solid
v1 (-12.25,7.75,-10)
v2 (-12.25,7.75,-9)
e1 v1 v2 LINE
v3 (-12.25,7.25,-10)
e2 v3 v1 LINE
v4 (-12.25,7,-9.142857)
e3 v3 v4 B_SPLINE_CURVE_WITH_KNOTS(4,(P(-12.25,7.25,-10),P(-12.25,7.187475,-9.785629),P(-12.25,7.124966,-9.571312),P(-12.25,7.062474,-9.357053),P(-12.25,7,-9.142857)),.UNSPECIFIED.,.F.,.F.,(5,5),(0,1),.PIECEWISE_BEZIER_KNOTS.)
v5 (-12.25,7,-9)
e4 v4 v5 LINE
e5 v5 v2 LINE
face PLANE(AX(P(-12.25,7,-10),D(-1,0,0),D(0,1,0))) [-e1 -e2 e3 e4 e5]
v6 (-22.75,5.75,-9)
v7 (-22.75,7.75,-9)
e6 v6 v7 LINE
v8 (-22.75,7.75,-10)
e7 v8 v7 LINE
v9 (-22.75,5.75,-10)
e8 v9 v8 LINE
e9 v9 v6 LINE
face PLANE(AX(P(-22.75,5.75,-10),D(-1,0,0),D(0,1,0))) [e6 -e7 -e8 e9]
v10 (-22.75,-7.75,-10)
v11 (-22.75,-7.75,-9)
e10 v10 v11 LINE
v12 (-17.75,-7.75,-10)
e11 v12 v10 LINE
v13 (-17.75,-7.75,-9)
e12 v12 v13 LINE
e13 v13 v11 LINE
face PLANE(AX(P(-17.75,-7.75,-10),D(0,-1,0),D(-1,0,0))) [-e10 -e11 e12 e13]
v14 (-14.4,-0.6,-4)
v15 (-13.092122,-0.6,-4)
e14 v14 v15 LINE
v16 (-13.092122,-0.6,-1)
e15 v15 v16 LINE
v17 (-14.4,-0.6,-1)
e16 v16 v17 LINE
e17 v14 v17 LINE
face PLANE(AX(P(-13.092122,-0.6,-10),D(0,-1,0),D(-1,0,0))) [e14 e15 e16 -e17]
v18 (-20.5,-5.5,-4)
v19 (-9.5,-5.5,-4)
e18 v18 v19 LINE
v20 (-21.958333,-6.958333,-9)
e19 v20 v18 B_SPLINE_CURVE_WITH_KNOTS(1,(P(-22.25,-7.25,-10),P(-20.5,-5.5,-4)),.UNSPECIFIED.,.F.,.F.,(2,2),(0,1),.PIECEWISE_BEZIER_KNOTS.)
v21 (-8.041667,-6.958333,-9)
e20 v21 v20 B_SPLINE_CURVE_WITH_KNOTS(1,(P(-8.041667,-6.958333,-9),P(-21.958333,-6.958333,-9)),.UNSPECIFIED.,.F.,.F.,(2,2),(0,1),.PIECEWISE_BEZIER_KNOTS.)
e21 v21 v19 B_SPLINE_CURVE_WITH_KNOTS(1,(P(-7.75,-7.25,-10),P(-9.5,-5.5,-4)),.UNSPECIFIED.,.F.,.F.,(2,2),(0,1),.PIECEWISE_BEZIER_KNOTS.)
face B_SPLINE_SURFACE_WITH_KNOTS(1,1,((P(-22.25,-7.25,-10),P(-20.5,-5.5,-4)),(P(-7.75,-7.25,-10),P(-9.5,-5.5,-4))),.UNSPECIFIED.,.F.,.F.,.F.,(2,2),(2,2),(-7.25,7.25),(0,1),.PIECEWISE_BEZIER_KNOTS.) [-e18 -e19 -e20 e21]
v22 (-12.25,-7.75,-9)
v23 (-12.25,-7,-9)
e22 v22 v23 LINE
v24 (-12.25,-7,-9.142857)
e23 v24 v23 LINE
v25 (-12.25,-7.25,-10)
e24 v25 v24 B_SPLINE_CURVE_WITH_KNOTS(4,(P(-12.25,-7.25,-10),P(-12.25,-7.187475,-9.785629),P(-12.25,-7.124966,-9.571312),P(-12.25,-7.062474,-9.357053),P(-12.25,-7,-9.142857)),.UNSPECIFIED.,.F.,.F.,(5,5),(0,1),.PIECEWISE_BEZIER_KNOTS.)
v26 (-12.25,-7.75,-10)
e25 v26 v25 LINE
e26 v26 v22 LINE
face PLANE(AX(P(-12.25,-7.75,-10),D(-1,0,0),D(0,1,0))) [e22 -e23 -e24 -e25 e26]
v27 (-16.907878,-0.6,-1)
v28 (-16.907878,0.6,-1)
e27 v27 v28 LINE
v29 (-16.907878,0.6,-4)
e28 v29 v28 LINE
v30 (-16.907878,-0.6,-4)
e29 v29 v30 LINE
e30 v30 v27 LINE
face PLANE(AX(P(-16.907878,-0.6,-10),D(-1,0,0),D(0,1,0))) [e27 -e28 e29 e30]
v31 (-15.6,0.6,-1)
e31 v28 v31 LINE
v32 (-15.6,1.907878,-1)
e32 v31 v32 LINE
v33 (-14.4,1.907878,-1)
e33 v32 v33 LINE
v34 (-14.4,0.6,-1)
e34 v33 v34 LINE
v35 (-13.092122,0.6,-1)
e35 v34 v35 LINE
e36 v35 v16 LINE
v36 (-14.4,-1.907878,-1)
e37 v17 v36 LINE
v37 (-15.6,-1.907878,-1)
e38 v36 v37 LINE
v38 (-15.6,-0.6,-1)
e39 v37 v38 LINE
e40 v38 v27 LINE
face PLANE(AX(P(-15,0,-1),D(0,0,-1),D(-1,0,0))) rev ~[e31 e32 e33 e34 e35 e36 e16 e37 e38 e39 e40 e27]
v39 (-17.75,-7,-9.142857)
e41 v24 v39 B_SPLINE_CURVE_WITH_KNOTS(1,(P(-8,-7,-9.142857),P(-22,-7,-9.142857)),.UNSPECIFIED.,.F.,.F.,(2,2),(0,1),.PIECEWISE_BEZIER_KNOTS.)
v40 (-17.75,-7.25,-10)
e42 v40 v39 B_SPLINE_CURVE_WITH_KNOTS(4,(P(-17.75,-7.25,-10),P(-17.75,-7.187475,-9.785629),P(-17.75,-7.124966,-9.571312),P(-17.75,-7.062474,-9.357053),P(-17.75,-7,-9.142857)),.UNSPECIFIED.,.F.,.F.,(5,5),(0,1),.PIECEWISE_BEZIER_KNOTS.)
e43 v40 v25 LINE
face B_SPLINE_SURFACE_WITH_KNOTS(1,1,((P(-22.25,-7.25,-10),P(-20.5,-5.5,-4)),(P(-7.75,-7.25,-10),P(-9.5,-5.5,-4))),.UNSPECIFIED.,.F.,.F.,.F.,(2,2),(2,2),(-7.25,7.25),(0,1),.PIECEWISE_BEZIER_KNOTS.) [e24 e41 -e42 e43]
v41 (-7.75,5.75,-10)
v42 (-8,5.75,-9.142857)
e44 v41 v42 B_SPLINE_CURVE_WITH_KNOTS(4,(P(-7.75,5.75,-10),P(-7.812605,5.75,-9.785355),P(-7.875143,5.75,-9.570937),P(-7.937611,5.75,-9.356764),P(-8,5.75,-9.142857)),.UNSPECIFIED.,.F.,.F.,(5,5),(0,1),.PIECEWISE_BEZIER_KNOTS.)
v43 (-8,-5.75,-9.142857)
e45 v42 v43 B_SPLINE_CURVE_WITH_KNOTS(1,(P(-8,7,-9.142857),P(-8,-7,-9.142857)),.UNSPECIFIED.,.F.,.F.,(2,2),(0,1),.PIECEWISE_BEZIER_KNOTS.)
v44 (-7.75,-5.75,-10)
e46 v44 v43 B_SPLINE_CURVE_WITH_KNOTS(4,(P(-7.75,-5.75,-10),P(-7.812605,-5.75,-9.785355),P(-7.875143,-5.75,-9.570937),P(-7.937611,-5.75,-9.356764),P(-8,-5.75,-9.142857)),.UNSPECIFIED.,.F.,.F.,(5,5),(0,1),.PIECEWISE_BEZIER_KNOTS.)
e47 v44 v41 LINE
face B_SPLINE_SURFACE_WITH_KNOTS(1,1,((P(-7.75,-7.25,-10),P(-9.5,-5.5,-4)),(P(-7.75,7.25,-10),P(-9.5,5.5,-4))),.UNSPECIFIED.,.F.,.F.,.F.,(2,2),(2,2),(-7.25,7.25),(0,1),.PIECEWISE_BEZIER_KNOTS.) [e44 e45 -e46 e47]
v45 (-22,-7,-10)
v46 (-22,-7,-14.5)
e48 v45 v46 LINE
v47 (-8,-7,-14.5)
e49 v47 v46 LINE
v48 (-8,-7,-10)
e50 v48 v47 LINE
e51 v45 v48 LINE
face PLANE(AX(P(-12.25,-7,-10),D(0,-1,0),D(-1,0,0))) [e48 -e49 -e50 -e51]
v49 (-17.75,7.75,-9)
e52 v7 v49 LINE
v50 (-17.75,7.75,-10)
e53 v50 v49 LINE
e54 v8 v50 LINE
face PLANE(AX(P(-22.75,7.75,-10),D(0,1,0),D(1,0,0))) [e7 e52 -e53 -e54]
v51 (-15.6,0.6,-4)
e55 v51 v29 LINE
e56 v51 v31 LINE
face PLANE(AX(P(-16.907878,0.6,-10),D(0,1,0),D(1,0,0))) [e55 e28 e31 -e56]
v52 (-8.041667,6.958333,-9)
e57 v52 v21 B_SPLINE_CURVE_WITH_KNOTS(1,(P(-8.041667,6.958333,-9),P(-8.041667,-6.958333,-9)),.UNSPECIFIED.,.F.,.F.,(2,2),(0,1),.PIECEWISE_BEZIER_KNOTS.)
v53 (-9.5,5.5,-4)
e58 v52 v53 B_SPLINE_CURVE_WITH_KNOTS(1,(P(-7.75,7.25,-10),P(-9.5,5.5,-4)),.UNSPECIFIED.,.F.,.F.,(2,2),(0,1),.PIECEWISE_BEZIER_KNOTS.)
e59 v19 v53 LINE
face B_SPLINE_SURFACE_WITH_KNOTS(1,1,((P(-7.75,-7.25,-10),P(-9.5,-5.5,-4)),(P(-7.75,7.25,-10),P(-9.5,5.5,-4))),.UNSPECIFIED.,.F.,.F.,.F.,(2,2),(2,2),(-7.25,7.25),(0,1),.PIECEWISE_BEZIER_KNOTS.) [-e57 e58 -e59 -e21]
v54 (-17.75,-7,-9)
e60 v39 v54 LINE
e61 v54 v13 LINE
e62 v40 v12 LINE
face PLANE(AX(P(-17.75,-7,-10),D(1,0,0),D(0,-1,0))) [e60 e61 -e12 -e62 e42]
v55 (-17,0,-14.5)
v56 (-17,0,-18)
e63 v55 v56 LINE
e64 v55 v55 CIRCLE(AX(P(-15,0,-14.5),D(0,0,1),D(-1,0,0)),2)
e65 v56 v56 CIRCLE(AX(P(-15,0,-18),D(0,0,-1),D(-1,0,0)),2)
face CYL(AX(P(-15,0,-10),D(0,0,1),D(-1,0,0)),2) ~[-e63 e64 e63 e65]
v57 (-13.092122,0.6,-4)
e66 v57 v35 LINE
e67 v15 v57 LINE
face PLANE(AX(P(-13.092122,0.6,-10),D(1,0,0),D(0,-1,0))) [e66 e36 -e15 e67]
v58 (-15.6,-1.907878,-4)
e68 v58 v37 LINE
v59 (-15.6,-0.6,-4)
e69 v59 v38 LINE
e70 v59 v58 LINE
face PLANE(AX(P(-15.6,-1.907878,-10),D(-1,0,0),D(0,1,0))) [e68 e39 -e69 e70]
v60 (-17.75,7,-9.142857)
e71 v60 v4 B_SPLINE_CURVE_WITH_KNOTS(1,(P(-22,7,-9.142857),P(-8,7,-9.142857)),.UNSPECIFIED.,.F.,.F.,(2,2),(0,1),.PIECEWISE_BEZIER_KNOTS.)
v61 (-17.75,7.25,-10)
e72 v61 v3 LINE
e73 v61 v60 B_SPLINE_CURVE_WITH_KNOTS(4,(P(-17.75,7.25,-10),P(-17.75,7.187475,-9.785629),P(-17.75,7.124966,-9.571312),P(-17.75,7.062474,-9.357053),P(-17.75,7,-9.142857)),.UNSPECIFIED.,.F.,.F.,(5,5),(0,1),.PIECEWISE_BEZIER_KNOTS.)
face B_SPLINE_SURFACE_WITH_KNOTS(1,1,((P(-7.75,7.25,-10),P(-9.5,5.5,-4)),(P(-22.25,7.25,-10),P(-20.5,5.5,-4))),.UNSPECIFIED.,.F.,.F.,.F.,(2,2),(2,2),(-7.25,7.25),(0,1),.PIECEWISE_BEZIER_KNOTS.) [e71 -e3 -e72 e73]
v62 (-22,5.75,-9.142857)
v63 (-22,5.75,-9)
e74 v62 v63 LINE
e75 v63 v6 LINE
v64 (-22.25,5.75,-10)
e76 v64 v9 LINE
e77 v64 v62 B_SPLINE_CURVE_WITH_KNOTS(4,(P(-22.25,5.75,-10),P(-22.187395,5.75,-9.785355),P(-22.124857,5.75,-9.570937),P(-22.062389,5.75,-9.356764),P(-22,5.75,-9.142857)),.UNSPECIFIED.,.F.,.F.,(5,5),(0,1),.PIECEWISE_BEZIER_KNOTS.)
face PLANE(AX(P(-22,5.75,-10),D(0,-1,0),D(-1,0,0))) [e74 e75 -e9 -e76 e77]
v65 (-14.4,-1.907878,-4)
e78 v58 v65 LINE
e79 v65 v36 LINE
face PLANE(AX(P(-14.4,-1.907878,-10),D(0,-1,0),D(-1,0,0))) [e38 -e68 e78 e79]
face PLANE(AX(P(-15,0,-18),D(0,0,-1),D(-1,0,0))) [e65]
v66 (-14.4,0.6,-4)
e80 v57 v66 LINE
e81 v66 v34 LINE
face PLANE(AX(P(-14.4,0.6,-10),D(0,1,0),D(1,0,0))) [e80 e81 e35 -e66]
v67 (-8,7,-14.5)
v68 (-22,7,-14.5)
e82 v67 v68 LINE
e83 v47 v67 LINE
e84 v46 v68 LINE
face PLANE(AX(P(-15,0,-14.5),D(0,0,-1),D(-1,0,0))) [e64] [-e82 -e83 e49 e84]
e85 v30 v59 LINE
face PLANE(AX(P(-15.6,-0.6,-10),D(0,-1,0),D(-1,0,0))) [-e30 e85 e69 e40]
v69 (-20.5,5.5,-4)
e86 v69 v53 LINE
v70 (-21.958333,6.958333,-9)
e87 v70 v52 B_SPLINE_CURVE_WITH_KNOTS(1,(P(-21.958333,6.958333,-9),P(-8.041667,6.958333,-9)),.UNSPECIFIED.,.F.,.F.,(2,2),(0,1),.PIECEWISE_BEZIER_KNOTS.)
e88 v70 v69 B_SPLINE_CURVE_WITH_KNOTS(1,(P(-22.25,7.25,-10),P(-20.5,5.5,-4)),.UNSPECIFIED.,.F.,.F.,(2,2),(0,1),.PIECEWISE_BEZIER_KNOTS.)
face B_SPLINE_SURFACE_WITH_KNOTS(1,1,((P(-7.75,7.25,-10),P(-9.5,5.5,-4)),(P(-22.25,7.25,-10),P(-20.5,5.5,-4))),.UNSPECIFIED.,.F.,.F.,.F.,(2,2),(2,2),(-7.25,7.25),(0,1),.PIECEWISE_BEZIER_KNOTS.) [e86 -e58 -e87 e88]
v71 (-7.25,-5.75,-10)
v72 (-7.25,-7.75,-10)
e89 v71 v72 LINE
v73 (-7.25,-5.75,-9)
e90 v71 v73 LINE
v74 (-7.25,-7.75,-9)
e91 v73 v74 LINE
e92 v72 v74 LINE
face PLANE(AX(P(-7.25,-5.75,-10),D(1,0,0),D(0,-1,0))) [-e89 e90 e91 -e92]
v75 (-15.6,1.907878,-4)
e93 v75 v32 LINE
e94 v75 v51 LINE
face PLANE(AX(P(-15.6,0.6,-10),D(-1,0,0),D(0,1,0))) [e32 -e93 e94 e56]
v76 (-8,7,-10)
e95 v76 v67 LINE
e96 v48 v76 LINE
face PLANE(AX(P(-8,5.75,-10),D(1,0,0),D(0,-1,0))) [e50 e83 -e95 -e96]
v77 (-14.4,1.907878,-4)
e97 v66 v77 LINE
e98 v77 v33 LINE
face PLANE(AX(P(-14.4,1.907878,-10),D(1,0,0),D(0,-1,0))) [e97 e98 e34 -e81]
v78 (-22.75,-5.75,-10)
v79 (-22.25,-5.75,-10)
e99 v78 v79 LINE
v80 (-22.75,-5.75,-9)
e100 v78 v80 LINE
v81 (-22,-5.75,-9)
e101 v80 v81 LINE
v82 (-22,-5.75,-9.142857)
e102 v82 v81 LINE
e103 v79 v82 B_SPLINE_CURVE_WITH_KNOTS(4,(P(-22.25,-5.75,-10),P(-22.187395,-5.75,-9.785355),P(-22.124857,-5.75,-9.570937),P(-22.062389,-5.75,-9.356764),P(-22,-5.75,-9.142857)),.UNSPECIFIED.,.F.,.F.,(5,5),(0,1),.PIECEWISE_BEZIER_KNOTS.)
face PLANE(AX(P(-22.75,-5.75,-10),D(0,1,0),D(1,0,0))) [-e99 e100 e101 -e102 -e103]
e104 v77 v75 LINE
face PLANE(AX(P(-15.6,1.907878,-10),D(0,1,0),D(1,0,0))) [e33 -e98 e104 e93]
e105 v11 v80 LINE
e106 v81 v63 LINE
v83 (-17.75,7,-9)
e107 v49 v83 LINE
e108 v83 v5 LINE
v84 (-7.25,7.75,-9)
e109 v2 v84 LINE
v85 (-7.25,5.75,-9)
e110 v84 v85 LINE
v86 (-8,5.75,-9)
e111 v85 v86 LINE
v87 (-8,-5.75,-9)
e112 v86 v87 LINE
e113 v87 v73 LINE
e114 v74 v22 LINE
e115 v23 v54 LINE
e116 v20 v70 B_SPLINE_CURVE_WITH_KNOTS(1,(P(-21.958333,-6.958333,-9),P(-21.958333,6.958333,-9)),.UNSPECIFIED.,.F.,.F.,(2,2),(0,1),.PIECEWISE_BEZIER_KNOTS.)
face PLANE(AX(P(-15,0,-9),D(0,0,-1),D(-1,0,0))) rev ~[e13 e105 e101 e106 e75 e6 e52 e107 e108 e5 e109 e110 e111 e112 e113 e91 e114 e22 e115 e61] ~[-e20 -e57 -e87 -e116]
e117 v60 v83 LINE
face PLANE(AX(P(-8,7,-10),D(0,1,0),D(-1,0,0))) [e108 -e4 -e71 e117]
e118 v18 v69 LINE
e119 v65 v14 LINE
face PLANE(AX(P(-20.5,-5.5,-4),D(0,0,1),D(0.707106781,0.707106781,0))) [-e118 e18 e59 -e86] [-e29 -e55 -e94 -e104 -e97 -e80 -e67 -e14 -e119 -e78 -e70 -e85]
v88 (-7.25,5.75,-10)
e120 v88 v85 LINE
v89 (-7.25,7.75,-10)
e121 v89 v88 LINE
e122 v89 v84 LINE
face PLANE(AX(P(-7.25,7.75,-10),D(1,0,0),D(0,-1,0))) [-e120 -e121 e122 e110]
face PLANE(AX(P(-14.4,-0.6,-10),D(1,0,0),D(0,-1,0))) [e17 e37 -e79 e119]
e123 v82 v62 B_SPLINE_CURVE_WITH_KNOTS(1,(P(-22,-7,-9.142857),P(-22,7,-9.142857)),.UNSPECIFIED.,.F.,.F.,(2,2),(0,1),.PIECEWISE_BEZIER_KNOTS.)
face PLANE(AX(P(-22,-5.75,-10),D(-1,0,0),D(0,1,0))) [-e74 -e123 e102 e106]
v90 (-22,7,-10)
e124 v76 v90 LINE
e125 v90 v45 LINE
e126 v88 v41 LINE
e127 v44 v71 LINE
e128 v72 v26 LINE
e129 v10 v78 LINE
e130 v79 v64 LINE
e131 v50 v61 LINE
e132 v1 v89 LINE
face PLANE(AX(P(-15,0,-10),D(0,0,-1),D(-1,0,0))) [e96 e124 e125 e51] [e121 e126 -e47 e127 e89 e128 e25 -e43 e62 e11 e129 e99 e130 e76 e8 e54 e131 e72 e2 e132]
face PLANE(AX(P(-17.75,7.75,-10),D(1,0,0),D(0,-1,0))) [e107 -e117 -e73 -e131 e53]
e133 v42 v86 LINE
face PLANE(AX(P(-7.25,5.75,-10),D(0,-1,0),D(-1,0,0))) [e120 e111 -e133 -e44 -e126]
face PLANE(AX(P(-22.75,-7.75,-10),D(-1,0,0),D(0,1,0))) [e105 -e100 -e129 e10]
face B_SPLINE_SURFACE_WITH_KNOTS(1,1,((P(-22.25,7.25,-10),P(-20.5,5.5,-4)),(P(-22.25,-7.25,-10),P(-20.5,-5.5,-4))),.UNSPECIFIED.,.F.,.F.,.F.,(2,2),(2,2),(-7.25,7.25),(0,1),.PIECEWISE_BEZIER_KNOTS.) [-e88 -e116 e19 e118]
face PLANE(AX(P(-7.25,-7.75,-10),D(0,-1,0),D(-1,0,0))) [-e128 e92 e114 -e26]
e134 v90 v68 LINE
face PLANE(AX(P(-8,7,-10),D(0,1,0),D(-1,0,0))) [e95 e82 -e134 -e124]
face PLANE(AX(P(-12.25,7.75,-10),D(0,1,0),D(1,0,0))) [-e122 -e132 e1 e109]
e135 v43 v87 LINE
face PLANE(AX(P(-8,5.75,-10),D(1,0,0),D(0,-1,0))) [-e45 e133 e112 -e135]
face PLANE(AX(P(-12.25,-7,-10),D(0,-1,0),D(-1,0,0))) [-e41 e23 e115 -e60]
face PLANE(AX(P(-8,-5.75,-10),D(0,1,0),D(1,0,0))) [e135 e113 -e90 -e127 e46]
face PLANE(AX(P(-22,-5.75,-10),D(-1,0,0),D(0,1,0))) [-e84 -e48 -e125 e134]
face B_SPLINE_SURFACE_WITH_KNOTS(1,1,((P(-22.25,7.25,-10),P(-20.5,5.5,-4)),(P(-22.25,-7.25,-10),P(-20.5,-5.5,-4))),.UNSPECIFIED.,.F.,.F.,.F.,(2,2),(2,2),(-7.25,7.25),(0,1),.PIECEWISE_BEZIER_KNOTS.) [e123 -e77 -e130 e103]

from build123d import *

# Parameters (mm, degrees)
BOX017_W          = 14
BOX017_H          = 14
BOX017_DEPTH      = 4.5
CYLINDER095_R     = 2
CYLINDER095_DEPTH = 8
PAD089_DEPTH      = 1
SKETCH155_W       = 14.5
SKETCH155_H       = 14.5
SKETCH156_W       = 11
SKETCH156_H       = 11
PAD090_DEPTH      = 9
SKETCH158_W       = 7.5
SKETCH158_H       = 6
PAD092_DEPTH      = 1


with BuildPart() as part:
    # Box017 → Box017 (join)
    with BuildSketch(Plane(origin=(7, -7, 0), x_dir=(-1, 0, 0), z_dir=(0, 0, -1))):
        with Locations((7, 7)):
            Rectangle(BOX017_W, BOX017_H)
    extrude(amount=BOX017_DEPTH)

    # Cylinder095 → Cylinder095 (join)
    with BuildSketch(Plane(origin=(0, 0, 0), x_dir=(-1, 0, 0), z_dir=(0, 0, -1))):
        Circle(CYLINDER095_R)
    extrude(amount=CYLINDER095_DEPTH)

    # Sketch154 → Pad089 (join)
    with BuildSketch(Plane.XY):
        Polygon((-7.75, 5.75), (-7.75, 7.75), (-2.75, 7.75), (-2.75, 7), (2.75, 7), (2.75, 7.75), (7.75, 7.75), (7.75, 5.75), (7, 5.75), (7, -5.75), (7.75, -5.75), (7.75, -7.75), (2.75, -7.75), (2.75, -7), (-2.75, -7), (-2.75, -7.75), (-7.75, -7.75), (-7.75, -5.75), (-7, -5.75), (-7, 5.75), align=None)
    extrude(amount=PAD089_DEPTH)

    # Sketch155 → AdditiveLoft002 section 0
    with BuildSketch(Plane.XY):
        Rectangle(SKETCH155_W, SKETCH155_H)
    # Sketch156 → AdditiveLoft002 section 1
    with BuildSketch(Plane.XY.offset(6)):
        Rectangle(SKETCH156_W, SKETCH156_H)
    loft()

    # Sketch157 → Pad090 (join)
    with BuildSketch(Plane.XY):
        Polygon((-0.6, 1.907878), (0.6, 1.907878), (0.6, 0.6), (1.907878, 0.6), (1.907878, -0.6), (0.6, -0.6), (0.6, -1.907878), (-0.6, -1.907878), (-0.6, -0.6), (-1.907878, -0.6), (-1.907878, 0.6), (-0.6, 0.6), align=None)
    extrude(amount=PAD090_DEPTH)

    # Sketch158 → Pad092 (join)
    with BuildSketch(Plane.XY.offset(5)):
        Rectangle(SKETCH158_W, SKETCH158_H)
    extrude(amount=PAD092_DEPTH)


with BuildPart() as part_1:
    # Body143 placement: moved
    add(part.part.moved(Location((-15, 0, -10))))


solid = part_1.part
